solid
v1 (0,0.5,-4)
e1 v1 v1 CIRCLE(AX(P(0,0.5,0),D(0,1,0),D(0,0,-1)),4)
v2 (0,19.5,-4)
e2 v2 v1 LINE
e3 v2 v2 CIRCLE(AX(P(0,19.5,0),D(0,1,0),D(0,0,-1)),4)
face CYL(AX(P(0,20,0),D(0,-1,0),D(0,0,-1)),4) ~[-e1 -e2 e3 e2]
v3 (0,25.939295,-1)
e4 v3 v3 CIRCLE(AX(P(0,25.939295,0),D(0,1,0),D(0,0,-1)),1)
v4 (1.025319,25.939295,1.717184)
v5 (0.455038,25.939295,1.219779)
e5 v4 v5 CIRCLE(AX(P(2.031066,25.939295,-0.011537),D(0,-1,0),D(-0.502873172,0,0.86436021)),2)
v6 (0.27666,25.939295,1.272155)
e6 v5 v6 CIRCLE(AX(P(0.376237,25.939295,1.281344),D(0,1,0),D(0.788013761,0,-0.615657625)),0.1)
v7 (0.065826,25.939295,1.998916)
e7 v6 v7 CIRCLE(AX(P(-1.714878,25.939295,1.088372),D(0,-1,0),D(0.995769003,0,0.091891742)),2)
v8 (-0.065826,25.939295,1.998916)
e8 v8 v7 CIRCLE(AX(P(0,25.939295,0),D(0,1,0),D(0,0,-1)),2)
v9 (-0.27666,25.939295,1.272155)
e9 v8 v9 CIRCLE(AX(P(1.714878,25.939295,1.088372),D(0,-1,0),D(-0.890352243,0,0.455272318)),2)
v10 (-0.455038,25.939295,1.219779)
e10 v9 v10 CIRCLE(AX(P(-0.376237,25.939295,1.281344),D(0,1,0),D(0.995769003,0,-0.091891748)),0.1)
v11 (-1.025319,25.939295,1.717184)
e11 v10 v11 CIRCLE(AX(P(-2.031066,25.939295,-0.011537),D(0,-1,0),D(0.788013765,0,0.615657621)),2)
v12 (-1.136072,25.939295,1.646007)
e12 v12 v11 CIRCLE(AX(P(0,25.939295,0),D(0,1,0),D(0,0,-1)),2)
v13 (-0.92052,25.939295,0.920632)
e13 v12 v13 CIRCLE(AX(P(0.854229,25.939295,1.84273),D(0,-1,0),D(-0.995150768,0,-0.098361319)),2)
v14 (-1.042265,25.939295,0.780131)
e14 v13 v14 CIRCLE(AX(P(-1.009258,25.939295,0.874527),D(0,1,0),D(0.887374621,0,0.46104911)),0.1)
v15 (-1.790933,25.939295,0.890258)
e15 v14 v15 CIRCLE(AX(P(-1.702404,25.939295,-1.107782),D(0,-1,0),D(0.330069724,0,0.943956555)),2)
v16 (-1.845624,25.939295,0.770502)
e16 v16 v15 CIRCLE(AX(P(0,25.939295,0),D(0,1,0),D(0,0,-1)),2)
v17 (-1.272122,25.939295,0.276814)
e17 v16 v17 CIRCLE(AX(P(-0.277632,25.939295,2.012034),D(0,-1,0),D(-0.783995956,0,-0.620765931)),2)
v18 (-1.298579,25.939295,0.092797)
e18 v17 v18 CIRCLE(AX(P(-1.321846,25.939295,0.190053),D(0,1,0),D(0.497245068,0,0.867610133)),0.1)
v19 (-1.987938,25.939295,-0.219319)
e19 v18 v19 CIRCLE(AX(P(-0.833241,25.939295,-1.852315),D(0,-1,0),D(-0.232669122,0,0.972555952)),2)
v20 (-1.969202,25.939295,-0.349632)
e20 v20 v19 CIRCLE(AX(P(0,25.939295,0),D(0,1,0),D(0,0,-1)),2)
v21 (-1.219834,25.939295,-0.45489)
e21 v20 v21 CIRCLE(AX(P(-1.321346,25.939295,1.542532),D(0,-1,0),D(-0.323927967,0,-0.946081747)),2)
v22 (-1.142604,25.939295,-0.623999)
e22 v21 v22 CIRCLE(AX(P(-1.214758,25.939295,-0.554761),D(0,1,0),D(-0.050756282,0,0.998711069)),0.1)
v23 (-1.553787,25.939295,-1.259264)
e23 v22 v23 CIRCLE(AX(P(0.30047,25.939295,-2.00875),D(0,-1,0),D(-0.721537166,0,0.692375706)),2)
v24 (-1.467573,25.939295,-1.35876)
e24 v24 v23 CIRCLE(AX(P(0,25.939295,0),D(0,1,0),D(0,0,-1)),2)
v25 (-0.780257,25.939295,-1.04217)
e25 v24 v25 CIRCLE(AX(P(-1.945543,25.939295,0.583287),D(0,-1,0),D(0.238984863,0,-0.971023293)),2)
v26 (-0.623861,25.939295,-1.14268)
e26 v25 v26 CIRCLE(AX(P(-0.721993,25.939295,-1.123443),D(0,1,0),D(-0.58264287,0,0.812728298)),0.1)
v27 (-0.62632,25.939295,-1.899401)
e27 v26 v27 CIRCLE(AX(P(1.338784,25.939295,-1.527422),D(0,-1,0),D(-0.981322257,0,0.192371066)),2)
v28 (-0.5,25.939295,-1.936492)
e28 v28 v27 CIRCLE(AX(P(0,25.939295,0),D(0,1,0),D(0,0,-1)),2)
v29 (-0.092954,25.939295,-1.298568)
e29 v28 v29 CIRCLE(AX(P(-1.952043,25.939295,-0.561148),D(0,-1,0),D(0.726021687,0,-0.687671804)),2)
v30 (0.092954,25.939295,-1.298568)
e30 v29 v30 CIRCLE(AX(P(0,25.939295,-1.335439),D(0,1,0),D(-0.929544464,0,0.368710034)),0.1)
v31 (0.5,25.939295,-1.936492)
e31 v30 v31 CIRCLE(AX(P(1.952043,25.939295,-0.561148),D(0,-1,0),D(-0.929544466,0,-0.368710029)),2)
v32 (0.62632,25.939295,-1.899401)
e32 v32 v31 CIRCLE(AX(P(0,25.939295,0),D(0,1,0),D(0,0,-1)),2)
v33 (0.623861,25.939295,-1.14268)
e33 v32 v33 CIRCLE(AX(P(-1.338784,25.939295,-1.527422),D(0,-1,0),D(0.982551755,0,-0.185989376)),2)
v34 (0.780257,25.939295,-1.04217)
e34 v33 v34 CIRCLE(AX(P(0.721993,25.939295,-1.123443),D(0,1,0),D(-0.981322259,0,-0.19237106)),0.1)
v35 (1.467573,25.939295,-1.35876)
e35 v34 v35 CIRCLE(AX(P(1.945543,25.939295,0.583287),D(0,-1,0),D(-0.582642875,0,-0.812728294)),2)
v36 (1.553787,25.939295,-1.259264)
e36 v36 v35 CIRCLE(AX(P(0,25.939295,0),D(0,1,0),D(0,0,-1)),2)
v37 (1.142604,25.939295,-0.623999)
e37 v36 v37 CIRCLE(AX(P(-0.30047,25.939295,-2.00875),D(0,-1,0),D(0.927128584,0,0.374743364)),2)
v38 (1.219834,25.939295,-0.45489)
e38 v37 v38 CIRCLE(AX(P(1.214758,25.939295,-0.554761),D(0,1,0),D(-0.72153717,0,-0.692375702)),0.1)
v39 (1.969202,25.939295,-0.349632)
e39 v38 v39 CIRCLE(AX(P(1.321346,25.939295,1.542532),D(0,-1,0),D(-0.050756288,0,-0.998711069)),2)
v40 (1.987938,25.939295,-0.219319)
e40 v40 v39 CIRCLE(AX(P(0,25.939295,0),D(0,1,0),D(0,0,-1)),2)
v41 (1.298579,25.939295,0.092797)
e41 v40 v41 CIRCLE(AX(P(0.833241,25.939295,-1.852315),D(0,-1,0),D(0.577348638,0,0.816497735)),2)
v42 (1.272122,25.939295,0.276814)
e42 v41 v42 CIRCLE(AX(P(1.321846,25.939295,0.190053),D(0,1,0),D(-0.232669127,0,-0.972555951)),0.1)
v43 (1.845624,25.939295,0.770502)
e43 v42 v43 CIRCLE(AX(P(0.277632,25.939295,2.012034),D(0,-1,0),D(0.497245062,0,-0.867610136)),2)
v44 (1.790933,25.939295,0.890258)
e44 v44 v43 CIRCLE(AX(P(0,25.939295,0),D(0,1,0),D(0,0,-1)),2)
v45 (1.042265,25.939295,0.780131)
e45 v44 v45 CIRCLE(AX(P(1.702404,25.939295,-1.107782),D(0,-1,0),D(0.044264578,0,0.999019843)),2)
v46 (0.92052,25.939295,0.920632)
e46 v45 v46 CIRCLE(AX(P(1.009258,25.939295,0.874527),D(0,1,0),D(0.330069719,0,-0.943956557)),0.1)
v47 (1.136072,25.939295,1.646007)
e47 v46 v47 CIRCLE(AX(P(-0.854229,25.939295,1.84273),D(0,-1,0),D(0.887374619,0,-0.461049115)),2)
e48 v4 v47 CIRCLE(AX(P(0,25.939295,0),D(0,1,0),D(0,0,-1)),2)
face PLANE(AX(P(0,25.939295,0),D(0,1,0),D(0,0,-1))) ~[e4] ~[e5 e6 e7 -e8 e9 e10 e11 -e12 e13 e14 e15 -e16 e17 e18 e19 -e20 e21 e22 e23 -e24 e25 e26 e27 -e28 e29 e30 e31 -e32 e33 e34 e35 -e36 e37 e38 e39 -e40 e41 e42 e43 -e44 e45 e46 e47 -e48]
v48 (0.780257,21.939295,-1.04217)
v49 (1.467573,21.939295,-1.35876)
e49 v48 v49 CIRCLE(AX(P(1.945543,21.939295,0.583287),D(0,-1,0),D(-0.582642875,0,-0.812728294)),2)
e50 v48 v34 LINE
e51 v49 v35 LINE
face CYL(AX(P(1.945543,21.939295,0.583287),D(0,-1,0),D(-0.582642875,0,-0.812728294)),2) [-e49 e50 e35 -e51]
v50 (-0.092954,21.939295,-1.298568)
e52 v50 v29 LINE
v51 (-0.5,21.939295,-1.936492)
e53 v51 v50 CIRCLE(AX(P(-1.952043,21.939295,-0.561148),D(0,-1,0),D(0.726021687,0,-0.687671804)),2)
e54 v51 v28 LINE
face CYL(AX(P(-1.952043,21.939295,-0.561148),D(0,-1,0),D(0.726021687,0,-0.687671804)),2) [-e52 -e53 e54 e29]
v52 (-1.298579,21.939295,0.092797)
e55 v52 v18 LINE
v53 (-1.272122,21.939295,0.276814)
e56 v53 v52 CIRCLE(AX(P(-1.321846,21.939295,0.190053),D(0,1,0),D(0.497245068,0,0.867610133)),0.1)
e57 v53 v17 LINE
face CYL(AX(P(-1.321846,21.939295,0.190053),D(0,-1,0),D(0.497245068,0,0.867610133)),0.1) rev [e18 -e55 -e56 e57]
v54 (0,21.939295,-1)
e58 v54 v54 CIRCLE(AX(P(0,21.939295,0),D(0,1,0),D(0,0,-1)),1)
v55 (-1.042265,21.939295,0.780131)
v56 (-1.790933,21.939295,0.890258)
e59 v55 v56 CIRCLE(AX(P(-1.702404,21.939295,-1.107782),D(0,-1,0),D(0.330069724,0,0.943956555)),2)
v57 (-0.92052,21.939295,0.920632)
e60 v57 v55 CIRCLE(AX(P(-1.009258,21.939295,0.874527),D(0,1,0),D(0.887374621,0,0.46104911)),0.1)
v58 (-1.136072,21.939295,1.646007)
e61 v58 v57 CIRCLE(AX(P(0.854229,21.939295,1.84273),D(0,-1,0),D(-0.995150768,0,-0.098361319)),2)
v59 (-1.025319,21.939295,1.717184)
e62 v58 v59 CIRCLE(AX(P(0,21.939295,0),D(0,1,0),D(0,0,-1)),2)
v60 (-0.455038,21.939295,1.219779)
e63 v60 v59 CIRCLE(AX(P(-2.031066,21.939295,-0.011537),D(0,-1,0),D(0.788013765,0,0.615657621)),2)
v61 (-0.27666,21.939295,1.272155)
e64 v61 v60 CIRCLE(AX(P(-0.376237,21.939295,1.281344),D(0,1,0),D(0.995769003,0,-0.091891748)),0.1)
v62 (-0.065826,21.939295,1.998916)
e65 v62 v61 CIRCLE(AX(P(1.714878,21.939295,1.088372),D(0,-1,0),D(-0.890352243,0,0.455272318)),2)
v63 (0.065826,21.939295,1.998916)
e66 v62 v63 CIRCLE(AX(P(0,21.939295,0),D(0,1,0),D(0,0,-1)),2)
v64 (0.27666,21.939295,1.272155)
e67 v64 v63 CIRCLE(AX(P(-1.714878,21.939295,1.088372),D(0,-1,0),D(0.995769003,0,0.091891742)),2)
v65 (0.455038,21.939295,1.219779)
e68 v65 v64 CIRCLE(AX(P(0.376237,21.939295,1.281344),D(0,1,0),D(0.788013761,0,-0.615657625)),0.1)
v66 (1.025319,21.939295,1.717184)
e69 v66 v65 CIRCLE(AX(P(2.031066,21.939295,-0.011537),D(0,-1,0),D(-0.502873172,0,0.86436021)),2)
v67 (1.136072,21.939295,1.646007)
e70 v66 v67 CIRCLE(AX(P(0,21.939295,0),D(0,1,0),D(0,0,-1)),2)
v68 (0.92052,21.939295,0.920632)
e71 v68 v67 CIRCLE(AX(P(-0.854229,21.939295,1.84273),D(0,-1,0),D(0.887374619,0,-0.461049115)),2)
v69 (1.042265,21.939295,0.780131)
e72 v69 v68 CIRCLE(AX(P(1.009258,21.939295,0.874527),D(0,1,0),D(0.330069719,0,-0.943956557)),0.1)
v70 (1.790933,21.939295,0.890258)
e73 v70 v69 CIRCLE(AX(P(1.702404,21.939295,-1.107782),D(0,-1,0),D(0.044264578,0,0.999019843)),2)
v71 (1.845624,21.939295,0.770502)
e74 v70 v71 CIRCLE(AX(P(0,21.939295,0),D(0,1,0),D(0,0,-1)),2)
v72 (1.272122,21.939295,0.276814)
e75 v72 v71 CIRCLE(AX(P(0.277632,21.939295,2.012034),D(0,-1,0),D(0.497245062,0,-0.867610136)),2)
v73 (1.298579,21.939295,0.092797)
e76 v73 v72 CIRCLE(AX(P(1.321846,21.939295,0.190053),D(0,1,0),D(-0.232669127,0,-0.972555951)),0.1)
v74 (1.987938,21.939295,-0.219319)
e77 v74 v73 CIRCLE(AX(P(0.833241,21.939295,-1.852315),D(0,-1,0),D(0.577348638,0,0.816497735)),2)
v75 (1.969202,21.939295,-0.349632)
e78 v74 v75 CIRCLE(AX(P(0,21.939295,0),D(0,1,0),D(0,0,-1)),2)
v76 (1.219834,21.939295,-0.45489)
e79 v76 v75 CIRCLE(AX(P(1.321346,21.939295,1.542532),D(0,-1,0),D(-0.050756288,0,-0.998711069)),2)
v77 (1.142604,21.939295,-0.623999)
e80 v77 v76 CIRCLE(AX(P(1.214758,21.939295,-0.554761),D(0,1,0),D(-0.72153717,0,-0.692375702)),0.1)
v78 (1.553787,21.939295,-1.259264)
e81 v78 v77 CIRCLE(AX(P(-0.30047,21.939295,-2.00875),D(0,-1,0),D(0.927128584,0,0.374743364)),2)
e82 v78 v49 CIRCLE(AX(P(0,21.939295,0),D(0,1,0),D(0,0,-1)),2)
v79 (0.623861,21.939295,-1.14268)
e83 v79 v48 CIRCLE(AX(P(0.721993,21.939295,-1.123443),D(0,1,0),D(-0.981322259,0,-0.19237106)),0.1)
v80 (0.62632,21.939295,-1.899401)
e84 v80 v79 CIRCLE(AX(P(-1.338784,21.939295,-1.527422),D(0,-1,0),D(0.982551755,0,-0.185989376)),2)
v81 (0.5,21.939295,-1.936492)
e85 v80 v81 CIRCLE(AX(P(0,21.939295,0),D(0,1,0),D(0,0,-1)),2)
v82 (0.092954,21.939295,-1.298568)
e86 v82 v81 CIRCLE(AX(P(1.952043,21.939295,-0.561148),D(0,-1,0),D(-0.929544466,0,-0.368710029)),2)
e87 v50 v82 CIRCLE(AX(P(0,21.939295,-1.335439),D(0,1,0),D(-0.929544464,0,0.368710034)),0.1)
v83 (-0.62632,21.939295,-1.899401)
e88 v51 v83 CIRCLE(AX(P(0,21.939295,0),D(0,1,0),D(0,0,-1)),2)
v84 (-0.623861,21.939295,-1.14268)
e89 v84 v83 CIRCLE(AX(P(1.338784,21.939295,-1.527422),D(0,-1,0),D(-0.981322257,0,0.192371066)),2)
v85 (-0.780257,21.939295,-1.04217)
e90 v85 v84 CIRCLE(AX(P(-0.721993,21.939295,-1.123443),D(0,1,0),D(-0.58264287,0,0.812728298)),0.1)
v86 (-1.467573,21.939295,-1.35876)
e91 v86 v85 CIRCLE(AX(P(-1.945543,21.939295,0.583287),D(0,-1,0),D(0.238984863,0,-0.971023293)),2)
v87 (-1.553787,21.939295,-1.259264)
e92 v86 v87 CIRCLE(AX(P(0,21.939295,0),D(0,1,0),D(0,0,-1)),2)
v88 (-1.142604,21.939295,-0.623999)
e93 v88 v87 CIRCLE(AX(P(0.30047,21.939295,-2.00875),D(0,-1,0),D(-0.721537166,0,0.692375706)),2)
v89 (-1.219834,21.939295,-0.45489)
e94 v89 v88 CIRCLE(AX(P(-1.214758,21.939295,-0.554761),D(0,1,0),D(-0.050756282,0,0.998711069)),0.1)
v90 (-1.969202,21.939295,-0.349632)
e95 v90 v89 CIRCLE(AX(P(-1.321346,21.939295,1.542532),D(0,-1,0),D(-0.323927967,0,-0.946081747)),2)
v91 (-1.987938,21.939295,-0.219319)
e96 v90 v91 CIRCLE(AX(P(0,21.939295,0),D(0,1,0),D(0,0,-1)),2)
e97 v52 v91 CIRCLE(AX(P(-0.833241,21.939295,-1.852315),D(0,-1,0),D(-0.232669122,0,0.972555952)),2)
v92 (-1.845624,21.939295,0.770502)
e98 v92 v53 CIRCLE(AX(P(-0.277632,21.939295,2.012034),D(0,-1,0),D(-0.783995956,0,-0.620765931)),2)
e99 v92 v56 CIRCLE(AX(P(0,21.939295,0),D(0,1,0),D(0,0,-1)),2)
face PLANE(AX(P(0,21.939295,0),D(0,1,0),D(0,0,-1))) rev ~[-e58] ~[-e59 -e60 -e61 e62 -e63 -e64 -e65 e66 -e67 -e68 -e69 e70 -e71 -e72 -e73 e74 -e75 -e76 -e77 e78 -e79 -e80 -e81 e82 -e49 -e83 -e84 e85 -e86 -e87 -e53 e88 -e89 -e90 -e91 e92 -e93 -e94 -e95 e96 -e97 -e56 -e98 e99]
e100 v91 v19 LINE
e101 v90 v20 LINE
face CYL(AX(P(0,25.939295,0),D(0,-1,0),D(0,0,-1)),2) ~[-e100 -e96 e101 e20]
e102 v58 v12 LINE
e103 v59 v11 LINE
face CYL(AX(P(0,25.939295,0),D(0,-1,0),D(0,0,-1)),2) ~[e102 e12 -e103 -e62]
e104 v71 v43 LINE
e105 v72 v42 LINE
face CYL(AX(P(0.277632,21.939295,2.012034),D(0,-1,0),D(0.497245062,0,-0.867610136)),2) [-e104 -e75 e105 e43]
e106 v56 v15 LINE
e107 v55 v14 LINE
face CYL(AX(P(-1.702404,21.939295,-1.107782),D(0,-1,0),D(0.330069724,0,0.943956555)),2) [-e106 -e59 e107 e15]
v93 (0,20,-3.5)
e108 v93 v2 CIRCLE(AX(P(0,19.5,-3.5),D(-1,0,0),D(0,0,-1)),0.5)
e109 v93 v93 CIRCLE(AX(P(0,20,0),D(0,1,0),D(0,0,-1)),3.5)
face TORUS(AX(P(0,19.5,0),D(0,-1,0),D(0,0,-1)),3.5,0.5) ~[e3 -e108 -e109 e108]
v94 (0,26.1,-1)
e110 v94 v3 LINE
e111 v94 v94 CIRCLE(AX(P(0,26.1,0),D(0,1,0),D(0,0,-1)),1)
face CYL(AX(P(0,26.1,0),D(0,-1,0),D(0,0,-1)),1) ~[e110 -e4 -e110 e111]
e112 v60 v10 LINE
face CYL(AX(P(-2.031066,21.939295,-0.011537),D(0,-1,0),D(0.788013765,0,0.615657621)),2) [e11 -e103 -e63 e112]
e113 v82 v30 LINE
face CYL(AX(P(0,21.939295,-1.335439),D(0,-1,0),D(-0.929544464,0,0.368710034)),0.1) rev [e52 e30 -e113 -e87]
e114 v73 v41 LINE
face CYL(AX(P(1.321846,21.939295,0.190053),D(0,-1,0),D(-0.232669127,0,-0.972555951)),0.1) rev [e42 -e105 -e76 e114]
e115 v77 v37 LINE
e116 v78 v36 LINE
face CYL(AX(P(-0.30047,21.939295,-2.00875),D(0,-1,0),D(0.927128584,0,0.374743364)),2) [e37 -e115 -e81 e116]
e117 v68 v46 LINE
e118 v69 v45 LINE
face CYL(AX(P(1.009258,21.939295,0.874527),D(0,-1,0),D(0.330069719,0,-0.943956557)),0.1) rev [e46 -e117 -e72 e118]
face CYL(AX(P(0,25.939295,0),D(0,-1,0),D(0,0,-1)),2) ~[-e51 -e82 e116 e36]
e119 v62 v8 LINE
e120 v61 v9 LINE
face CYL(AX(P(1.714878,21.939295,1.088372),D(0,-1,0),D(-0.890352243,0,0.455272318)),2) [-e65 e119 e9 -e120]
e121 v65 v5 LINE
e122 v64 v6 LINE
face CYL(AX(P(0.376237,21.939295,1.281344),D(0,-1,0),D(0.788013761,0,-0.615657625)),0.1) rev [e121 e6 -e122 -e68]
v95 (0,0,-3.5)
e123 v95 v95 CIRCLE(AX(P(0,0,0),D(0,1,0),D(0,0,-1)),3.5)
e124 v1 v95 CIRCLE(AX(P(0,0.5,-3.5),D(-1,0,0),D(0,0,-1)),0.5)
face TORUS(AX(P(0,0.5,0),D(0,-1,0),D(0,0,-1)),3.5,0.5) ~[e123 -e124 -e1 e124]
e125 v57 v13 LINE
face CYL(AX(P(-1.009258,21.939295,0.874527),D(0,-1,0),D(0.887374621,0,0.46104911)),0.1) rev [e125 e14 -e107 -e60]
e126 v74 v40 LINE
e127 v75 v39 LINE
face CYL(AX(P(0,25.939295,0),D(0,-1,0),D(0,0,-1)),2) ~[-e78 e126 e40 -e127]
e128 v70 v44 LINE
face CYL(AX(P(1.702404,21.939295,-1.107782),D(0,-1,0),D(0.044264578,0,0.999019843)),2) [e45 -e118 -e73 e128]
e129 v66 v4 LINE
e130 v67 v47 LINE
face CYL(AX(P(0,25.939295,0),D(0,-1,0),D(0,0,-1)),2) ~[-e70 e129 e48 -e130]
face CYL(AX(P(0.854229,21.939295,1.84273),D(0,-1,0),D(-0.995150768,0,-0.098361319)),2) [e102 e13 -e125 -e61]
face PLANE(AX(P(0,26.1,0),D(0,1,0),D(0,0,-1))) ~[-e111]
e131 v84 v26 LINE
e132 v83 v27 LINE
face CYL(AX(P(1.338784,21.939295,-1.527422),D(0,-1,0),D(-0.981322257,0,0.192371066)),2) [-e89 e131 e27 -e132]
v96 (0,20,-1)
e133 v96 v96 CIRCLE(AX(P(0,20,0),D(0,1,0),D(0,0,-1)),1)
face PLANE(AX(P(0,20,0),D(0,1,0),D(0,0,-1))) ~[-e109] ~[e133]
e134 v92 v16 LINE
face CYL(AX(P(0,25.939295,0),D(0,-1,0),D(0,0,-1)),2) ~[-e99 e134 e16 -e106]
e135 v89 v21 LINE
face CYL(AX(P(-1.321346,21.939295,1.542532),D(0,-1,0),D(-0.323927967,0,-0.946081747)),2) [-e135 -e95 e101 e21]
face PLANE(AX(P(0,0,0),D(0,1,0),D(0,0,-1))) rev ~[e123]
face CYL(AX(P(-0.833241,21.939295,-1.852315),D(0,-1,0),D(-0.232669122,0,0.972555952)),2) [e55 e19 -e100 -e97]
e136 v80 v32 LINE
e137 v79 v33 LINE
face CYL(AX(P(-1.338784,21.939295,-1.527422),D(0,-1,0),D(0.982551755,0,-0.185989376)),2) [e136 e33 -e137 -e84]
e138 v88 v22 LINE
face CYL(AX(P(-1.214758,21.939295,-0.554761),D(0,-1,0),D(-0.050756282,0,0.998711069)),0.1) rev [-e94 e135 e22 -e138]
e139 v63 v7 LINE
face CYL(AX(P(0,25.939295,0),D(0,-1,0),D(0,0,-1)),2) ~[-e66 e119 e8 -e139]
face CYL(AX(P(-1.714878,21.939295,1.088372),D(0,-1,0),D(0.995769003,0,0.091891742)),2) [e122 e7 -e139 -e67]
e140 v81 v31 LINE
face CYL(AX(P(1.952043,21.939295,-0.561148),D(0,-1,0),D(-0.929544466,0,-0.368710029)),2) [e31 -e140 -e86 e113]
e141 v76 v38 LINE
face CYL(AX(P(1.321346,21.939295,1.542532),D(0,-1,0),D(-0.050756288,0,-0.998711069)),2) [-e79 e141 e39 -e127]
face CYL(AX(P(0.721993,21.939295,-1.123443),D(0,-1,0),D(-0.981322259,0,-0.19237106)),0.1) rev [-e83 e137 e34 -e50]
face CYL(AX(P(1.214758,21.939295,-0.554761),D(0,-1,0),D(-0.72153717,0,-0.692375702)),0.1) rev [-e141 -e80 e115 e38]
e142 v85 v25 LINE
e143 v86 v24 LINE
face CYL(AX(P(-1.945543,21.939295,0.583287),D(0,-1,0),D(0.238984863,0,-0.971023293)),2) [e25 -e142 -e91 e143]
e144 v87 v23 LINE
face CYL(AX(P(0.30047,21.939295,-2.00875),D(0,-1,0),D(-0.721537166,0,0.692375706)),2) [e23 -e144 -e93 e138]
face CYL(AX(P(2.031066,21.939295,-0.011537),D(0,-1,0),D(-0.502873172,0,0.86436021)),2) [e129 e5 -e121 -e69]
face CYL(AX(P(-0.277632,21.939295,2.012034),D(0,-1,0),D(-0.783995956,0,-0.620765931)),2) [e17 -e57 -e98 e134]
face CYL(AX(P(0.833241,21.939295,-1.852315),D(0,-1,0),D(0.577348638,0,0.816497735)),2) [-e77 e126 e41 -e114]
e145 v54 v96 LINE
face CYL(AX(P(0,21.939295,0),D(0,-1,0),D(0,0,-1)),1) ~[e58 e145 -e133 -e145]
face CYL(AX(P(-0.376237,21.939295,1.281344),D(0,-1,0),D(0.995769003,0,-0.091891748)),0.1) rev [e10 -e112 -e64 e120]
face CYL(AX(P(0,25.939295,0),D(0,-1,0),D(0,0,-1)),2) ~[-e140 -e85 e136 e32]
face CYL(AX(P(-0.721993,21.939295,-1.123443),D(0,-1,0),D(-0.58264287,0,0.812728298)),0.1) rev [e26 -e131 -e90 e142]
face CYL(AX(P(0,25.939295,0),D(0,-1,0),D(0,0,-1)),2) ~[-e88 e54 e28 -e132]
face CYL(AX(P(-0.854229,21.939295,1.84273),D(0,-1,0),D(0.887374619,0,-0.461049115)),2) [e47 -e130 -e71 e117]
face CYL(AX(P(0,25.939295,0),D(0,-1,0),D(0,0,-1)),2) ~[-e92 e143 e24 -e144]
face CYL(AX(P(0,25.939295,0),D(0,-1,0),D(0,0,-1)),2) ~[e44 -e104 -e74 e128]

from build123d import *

# Parameters (mm, degrees)
RADYUS1_R               = 0.5
KES_EKSTR_ZYON1_START   = -4
KES_EKSTR_ZYON1_DEPTH   = 4
DAIRESEL_KAPLAMA1_COUNT = 11


with BuildPart() as part:
    # Çizim1 → Döndür1 (revolve)
    with BuildSketch(Plane.XY, mode=Mode.PRIVATE) as d_nd_r1_sk:
        Polygon((0, 0), (0, 26.1), (1, 26.1), (1, 25.939294597), (2, 25.939294597), (2, 21.939294597), (1, 21.939294597), (1, 20), (4, 20), (4, 0), align=None)
    revolve(d_nd_r1_sk.sketch.rotate(Axis((0, 0, 0), (0, 1, 0)), 90), axis=Axis((0, 0, 0), (0, 1, 0)))

    # Radyus1
    radyus1_edges = [part.edges().sort_by_distance(p)[0] for p in [
        (0, 0, 4),
        (0, 20, 4),
    ]]
    fillet(radyus1_edges, radius=RADYUS1_R)

    # Çizim2 → Kes-Ekstrüzyon1 (cut)
    with BuildSketch(Plane(origin=(0, 25.939294597, 0), x_dir=(1, 0, 0), z_dir=(0, 1, 0)).offset(KES_EKSTR_ZYON1_START)):
        with BuildLine():
            ThreePointArc((0.5, 1.936491673), (0, 2), (-0.5, 1.936491673))
            ThreePointArc((-0.5, 1.936491673), (-0.266031544, 1.636956648), (-0.092954447, 1.298568131))
            ThreePointArc((-0.092954447, 1.298568131), (0, 1.235439134), (0.092954447, 1.298568131))
            ThreePointArc((0.092954447, 1.298568131), (0.266031544, 1.636956648), (0.5, 1.936491673))
        make_face()
    kes_ekstr_zyon1 = extrude(amount=KES_EKSTR_ZYON1_DEPTH, mode=Mode.SUBTRACT)

    # Dairesel Kaplama1: Kes-Ekstrüzyon1 ×11 about axis
    dairesel_kaplama1_axis = Axis((0, 0, 0), (0, 1, 0))
    for i in range(1, DAIRESEL_KAPLAMA1_COUNT):
        add(kes_ekstr_zyon1.rotate(dairesel_kaplama1_axis, i * 360 / DAIRESEL_KAPLAMA1_COUNT), mode=Mode.SUBTRACT)


solid = part.part
